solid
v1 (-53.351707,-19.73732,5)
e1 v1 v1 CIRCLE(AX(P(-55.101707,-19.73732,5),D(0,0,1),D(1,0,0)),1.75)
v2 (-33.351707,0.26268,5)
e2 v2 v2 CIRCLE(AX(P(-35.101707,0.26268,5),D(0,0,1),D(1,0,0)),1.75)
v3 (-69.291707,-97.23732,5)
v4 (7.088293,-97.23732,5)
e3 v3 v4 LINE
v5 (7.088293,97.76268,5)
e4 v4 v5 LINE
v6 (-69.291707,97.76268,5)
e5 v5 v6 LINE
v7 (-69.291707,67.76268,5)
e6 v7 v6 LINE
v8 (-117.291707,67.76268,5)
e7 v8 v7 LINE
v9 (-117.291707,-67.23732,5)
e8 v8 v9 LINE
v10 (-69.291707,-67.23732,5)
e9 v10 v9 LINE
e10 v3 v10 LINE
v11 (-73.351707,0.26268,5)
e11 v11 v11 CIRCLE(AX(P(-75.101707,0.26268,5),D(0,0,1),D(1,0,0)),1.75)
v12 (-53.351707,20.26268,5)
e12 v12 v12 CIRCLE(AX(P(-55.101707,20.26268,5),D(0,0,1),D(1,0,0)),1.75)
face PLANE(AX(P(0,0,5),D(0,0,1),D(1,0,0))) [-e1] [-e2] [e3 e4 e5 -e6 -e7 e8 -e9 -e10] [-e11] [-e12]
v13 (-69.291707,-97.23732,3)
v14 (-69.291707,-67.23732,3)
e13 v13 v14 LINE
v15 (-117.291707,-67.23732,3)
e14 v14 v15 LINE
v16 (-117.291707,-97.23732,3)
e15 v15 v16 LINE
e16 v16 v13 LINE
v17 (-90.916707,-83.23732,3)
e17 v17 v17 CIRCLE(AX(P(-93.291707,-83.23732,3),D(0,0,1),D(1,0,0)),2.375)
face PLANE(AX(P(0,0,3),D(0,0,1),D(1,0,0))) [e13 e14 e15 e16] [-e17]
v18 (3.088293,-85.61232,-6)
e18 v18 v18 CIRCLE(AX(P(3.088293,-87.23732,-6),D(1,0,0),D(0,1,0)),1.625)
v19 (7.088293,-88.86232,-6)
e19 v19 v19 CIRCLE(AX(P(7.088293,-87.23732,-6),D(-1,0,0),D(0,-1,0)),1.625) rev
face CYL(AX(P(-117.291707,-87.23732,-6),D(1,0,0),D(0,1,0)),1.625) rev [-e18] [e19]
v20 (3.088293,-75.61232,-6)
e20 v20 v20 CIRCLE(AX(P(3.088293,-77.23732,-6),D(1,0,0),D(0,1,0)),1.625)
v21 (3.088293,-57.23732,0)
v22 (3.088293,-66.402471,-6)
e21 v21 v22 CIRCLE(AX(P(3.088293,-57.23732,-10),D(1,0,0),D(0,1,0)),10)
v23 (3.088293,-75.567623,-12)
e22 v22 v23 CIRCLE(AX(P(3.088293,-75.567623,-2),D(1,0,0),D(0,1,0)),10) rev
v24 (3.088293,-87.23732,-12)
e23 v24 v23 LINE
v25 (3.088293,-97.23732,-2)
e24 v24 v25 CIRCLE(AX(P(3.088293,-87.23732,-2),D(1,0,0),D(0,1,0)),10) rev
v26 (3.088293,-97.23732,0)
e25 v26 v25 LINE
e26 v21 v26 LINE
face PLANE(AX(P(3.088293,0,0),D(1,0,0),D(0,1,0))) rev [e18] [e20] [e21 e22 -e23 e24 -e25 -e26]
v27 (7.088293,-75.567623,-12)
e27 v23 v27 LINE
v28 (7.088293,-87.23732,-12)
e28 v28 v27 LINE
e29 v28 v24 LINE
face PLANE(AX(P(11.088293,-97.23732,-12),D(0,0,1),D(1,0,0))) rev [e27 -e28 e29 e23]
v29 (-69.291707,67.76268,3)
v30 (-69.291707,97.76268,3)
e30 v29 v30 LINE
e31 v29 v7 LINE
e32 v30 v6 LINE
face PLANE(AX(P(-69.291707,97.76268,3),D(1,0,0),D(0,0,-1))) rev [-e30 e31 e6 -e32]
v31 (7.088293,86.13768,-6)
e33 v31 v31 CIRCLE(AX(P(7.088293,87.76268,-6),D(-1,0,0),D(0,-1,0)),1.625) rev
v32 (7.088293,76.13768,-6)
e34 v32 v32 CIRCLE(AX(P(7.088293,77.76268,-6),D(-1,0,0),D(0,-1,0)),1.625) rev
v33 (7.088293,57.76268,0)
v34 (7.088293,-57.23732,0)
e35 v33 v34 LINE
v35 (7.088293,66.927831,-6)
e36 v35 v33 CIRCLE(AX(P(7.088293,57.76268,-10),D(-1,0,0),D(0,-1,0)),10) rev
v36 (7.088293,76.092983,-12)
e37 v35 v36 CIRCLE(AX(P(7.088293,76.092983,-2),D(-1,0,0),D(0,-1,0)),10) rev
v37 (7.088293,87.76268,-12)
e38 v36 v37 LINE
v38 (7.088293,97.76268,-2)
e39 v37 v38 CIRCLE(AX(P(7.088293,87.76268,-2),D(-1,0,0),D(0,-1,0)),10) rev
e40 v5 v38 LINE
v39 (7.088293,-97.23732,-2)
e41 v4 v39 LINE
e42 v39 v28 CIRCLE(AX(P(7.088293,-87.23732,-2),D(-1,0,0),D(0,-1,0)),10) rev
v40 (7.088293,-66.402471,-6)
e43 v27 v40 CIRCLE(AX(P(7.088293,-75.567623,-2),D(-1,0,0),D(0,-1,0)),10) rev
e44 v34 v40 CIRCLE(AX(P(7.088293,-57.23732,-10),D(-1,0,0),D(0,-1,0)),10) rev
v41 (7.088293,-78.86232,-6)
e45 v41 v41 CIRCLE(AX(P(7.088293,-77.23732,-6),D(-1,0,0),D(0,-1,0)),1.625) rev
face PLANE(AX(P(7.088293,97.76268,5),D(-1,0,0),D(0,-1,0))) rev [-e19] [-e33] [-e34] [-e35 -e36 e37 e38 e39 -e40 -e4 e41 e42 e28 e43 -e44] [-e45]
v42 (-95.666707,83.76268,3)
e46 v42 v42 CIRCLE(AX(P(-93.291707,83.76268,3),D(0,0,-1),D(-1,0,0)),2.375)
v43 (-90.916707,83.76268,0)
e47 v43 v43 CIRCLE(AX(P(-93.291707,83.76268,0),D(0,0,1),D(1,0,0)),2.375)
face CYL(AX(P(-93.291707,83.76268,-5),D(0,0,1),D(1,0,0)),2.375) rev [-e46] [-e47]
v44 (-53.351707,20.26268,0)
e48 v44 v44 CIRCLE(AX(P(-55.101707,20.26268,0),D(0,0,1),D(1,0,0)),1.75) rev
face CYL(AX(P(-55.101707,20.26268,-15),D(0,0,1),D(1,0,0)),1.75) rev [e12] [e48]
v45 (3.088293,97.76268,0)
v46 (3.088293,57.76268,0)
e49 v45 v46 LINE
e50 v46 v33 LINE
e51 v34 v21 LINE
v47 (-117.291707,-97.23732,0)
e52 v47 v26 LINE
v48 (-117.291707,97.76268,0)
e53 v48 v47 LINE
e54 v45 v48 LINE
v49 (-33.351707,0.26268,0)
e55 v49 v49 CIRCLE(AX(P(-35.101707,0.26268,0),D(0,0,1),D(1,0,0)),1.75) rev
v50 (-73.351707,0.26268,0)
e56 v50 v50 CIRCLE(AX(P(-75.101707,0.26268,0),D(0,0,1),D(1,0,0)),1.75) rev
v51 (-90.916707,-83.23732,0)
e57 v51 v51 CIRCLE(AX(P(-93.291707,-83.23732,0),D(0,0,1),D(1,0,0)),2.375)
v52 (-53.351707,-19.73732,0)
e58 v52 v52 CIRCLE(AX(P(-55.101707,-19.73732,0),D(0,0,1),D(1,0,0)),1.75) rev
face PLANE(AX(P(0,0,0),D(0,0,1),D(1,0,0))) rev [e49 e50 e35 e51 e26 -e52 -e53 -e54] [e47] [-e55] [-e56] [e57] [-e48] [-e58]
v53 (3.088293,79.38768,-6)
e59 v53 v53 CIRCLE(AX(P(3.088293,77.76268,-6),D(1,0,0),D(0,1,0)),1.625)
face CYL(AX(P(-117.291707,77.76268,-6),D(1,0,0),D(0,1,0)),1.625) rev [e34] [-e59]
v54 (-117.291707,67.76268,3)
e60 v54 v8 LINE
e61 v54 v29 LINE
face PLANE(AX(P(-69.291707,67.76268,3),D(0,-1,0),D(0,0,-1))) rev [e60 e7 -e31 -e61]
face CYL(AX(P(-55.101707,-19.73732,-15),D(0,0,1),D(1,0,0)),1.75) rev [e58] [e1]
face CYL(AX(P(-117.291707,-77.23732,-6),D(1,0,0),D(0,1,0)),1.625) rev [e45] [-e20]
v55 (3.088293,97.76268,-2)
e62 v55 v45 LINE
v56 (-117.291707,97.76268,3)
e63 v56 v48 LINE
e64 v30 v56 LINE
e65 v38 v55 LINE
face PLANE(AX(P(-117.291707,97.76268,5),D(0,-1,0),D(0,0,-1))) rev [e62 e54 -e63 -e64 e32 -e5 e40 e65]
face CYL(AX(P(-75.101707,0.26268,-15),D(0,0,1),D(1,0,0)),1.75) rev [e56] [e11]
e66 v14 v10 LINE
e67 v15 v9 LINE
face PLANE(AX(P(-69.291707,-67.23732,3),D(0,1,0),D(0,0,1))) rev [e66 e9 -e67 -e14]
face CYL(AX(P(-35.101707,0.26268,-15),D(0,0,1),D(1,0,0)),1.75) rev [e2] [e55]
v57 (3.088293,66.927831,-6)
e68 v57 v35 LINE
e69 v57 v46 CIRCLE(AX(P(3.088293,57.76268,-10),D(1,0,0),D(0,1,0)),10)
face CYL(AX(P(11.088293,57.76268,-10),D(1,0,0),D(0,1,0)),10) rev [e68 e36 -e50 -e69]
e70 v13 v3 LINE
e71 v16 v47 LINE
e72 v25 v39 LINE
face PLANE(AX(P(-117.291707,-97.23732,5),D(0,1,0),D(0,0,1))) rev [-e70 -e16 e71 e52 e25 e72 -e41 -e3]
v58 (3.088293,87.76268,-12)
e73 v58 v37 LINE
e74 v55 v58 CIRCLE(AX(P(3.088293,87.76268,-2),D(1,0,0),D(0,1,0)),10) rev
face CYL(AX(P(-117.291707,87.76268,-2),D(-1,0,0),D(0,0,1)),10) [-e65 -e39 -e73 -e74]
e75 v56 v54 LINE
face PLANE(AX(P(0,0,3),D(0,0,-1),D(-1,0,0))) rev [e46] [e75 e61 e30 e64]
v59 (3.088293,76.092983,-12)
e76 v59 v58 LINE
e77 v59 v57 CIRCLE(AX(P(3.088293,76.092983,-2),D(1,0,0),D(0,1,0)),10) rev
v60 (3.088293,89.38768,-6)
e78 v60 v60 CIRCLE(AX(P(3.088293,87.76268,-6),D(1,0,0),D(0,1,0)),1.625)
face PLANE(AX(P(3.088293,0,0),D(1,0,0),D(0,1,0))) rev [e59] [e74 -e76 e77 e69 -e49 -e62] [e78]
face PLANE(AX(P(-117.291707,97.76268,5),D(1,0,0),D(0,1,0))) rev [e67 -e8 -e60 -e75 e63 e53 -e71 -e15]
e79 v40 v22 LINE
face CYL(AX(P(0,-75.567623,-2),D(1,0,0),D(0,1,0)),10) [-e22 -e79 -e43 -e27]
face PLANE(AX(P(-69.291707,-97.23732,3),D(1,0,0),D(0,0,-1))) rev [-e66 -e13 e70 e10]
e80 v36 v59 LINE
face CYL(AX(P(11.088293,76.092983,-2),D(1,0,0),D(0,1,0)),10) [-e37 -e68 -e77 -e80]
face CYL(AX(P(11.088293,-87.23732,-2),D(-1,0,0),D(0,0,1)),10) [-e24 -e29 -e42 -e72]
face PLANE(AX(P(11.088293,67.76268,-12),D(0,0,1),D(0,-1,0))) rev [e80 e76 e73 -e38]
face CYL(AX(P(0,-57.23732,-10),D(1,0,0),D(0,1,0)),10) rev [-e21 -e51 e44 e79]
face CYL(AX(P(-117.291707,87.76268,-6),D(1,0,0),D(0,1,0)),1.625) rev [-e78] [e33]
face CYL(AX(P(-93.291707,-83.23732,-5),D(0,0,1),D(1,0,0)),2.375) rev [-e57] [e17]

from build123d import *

# Parameters (mm, degrees)
CROQUIS1_W                  = 248.76
CROQUIS1_H                  = 195
SALIENTE_EXTRUIR1_DEPTH     = 5
CROQUIS2_W                  = 48
CROQUIS2_H                  = 30
CROQUIS2_W_2                = 30
CORTAR_EXTRUIR1_DEPTH       = 2
CROQUIS3_R                  = 2.375
CORTAR_EXTRUIR2_DEPTH       = 10
CROQUIS4_R                  = 40
SALIENTE_EXTRUIR2_DEPTH     = 206
CROQUIS5_R                  = 12.5
CORTAR_EXTRUIR3_DEPTH       = 10
CROQUIS12_W                 = 12
CROQUIS12_H                 = 30
SALIENTE_EXTRUIR3_DEPTH     = 4
REDONDEO1_R                 = 10
REDONDEO2_R                 = 10
REDONDEO3_R                 = 10
CORTAR_EXTRUIR5_DEPTH       = 262.677217236
CORTAR_EXTRUIR5_DEPTH_BACK  = 262.677217236
CROQUIS13_R                 = 1.625
CORTAR_EXTRUIR7_DEPTH       = 2
CROQUIS16_R                 = 1.75
CORTAR_EXTRUIR9_DEPTH       = 20
CROQUIS17_W                 = 120.38
CROQUIS17_H                 = 213.212791717
CORTAR_EXTRUIR10_DEPTH      = 222
CORTAR_EXTRUIR14_DEPTH      = 165.272498417
CORTAR_EXTRUIR14_DEPTH_BACK = 165.272498417
CROQUIS18_W                 = 124.38
CROQUIS18_H                 = 195


with BuildPart() as part:
    # Croquis1 → Saliente-Extruir1 (new body)
    with BuildSketch(Plane.XY):
        with Locations((7.088293187, 0.26268)):
            Rectangle(CROQUIS1_W, CROQUIS1_H)
    extrude(amount=SALIENTE_EXTRUIR1_DEPTH)

    # Croquis2 → Cortar-Extruir1 (cut)
    with BuildSketch(Plane.XY.offset(5)):
        with Locations((-93.291706813, -82.23732)):
            Rectangle(CROQUIS2_W, CROQUIS2_H)
        with Locations((116.468293187, 82.76268)):
            Rectangle(CROQUIS2_W_2, CROQUIS2_H)
        with Locations((116.468293187, -82.23732)):
            Rectangle(CROQUIS2_W_2, CROQUIS2_H)
        with Locations((-93.291706813, 82.76268)):
            Rectangle(CROQUIS2_W, CROQUIS2_H)
    extrude(amount=-CORTAR_EXTRUIR1_DEPTH, mode=Mode.SUBTRACT)

    # Croquis3 → Cortar-Extruir2 (cut)
    with BuildSketch(Plane.XY.offset(5)):
        with Locations((-93.291706813, 83.76268)):
            Circle(CROQUIS3_R)
        with Locations((-93.291706813, -83.23732)):
            Circle(CROQUIS3_R)
        with Locations((116.468293187, 83.76268)):
            Circle(CROQUIS3_R)
        with Locations((116.468293187, -83.23732)):
            Circle(CROQUIS3_R)
    extrude(amount=-CORTAR_EXTRUIR2_DEPTH, mode=Mode.SUBTRACT)

    # Croquis4 → Saliente-Extruir2 (add)
    with BuildSketch(Plane(origin=(0, 0, 0), x_dir=(-1, 0, 0), z_dir=(0, 0, -1))):
        with Locations(Location((55.101706813, 0.26268, 0), (0, 0, 180))):
            Circle(CROQUIS4_R)
    extrude(amount=SALIENTE_EXTRUIR2_DEPTH)

    # Croquis5 → Cortar-Extruir3 (cut)
    with BuildSketch(Plane(origin=(0, 0, 0), x_dir=(-1, 0, 0), z_dir=(0, 0, -1))):
        with Locations((-76.968293187, 0.26268)):
            Circle(CROQUIS5_R)
    extrude(amount=-CORTAR_EXTRUIR3_DEPTH, mode=Mode.SUBTRACT)

    # Croquis12 → Saliente-Extruir3 (add, symmetric)
    with BuildSketch(Plane(origin=(7.088293187, 0, 0), x_dir=(0, 0, -1), z_dir=(1, 0, 0))):
        with Locations((6, 82.76268)):
            Rectangle(CROQUIS12_W, CROQUIS12_H)
        with Locations((6, -82.23732)):
            Rectangle(CROQUIS12_W, CROQUIS12_H)
    extrude(amount=SALIENTE_EXTRUIR3_DEPTH, both=True)

    # Redondeo1
    redondeo1_edges = [part.edges().sort_by_distance(p)[0] for p in [
        (7.088293187, 67.76268, 0),
        (7.088293187, -67.23732, 0),
    ]]
    fillet(redondeo1_edges, radius=REDONDEO1_R)

    # Redondeo2
    redondeo2_edges = [part.edges().sort_by_distance(p)[0] for p in [
        (7.088293187, 67.76268, -12),
        (7.088293187, -67.23732, -12),
    ]]
    fillet(redondeo2_edges, radius=REDONDEO2_R)

    # Redondeo3
    redondeo3_edges = [part.edges().sort_by_distance(p)[0] for p in [
        (7.088293187, 97.76268, -12),
        (7.088293187, -97.23732, -12),
    ]]
    fillet(redondeo3_edges, radius=REDONDEO3_R)

    # Croquis13 → Cortar-Extruir5 (cut, two sides: drawn at the far end of the back side and taken through both)
    with BuildSketch(Plane(origin=(11.088293187, 0, 0), x_dir=(0, 0, -1), z_dir=(1, 0, 0)).offset(-CORTAR_EXTRUIR5_DEPTH_BACK)):
        with Locations(Location((6, 87.76268, 0), (0, 0, 90))):
            Circle(CROQUIS13_R)
        with Locations(Location((6, 77.76268, 0), (0, 0, 90))):
            Circle(CROQUIS13_R)
        with Locations(Location((6, -77.23732, 0), (0, 0, 90))):
            Circle(CROQUIS13_R)
        with Locations(Location((6, -87.23732, 0), (0, 0, 90))):
            Circle(CROQUIS13_R)
    extrude(amount=CORTAR_EXTRUIR5_DEPTH + CORTAR_EXTRUIR5_DEPTH_BACK, mode=Mode.SUBTRACT)

    # Croquis15 → Cortar-Extruir7 (cut)
    with BuildSketch(Plane.XY.offset(5)):
        Polygon((111.468293187, 67.76268), (131.468293187, 67.76268), (131.468293187, -67.23732), (111.468293187, -67.23732), (111.468293187, -59.48732), (125.218293187, -59.48732), (125.218293187, 60.01268), (111.468293187, 60.01268), align=None)
    extrude(amount=-CORTAR_EXTRUIR7_DEPTH, mode=Mode.SUBTRACT)

    # Croquis16 → Cortar-Extruir9 (cut)
    with BuildSketch(Plane.XY.offset(5)):
        with Locations((-55.101706813, 20.26268)):
            Circle(CROQUIS16_R)
        with Locations((-35.101706813, 0.26268)):
            Circle(CROQUIS16_R)
        with Locations((-55.101706813, -19.73732)):
            Circle(CROQUIS16_R)
        with Locations((-75.101706813, 0.26268)):
            Circle(CROQUIS16_R)
    extrude(amount=-CORTAR_EXTRUIR9_DEPTH, mode=Mode.SUBTRACT)

    # Croquis17 → Cortar-Extruir10 (cut)
    with BuildSketch(Plane.XZ.offset(97.23732)):
        with Locations((-57.101706813, -106.606395859)):
            Rectangle(CROQUIS17_W, CROQUIS17_H)
    extrude(amount=-CORTAR_EXTRUIR10_DEPTH, mode=Mode.SUBTRACT)

    # Croquis18 → Cortar-Extruir14 (cut, two sides: drawn at the far end of the back side and taken through both)
    with BuildSketch(Plane(origin=(0, 0, 0), x_dir=(-1, 0, 0), z_dir=(0, 0, -1)).offset(-CORTAR_EXTRUIR14_DEPTH_BACK)):
        with Locations((-69.278293187, 0.26268)):
            Rectangle(CROQUIS18_W, CROQUIS18_H)
    extrude(amount=CORTAR_EXTRUIR14_DEPTH + CORTAR_EXTRUIR14_DEPTH_BACK, mode=Mode.SUBTRACT)


solid = part.part
